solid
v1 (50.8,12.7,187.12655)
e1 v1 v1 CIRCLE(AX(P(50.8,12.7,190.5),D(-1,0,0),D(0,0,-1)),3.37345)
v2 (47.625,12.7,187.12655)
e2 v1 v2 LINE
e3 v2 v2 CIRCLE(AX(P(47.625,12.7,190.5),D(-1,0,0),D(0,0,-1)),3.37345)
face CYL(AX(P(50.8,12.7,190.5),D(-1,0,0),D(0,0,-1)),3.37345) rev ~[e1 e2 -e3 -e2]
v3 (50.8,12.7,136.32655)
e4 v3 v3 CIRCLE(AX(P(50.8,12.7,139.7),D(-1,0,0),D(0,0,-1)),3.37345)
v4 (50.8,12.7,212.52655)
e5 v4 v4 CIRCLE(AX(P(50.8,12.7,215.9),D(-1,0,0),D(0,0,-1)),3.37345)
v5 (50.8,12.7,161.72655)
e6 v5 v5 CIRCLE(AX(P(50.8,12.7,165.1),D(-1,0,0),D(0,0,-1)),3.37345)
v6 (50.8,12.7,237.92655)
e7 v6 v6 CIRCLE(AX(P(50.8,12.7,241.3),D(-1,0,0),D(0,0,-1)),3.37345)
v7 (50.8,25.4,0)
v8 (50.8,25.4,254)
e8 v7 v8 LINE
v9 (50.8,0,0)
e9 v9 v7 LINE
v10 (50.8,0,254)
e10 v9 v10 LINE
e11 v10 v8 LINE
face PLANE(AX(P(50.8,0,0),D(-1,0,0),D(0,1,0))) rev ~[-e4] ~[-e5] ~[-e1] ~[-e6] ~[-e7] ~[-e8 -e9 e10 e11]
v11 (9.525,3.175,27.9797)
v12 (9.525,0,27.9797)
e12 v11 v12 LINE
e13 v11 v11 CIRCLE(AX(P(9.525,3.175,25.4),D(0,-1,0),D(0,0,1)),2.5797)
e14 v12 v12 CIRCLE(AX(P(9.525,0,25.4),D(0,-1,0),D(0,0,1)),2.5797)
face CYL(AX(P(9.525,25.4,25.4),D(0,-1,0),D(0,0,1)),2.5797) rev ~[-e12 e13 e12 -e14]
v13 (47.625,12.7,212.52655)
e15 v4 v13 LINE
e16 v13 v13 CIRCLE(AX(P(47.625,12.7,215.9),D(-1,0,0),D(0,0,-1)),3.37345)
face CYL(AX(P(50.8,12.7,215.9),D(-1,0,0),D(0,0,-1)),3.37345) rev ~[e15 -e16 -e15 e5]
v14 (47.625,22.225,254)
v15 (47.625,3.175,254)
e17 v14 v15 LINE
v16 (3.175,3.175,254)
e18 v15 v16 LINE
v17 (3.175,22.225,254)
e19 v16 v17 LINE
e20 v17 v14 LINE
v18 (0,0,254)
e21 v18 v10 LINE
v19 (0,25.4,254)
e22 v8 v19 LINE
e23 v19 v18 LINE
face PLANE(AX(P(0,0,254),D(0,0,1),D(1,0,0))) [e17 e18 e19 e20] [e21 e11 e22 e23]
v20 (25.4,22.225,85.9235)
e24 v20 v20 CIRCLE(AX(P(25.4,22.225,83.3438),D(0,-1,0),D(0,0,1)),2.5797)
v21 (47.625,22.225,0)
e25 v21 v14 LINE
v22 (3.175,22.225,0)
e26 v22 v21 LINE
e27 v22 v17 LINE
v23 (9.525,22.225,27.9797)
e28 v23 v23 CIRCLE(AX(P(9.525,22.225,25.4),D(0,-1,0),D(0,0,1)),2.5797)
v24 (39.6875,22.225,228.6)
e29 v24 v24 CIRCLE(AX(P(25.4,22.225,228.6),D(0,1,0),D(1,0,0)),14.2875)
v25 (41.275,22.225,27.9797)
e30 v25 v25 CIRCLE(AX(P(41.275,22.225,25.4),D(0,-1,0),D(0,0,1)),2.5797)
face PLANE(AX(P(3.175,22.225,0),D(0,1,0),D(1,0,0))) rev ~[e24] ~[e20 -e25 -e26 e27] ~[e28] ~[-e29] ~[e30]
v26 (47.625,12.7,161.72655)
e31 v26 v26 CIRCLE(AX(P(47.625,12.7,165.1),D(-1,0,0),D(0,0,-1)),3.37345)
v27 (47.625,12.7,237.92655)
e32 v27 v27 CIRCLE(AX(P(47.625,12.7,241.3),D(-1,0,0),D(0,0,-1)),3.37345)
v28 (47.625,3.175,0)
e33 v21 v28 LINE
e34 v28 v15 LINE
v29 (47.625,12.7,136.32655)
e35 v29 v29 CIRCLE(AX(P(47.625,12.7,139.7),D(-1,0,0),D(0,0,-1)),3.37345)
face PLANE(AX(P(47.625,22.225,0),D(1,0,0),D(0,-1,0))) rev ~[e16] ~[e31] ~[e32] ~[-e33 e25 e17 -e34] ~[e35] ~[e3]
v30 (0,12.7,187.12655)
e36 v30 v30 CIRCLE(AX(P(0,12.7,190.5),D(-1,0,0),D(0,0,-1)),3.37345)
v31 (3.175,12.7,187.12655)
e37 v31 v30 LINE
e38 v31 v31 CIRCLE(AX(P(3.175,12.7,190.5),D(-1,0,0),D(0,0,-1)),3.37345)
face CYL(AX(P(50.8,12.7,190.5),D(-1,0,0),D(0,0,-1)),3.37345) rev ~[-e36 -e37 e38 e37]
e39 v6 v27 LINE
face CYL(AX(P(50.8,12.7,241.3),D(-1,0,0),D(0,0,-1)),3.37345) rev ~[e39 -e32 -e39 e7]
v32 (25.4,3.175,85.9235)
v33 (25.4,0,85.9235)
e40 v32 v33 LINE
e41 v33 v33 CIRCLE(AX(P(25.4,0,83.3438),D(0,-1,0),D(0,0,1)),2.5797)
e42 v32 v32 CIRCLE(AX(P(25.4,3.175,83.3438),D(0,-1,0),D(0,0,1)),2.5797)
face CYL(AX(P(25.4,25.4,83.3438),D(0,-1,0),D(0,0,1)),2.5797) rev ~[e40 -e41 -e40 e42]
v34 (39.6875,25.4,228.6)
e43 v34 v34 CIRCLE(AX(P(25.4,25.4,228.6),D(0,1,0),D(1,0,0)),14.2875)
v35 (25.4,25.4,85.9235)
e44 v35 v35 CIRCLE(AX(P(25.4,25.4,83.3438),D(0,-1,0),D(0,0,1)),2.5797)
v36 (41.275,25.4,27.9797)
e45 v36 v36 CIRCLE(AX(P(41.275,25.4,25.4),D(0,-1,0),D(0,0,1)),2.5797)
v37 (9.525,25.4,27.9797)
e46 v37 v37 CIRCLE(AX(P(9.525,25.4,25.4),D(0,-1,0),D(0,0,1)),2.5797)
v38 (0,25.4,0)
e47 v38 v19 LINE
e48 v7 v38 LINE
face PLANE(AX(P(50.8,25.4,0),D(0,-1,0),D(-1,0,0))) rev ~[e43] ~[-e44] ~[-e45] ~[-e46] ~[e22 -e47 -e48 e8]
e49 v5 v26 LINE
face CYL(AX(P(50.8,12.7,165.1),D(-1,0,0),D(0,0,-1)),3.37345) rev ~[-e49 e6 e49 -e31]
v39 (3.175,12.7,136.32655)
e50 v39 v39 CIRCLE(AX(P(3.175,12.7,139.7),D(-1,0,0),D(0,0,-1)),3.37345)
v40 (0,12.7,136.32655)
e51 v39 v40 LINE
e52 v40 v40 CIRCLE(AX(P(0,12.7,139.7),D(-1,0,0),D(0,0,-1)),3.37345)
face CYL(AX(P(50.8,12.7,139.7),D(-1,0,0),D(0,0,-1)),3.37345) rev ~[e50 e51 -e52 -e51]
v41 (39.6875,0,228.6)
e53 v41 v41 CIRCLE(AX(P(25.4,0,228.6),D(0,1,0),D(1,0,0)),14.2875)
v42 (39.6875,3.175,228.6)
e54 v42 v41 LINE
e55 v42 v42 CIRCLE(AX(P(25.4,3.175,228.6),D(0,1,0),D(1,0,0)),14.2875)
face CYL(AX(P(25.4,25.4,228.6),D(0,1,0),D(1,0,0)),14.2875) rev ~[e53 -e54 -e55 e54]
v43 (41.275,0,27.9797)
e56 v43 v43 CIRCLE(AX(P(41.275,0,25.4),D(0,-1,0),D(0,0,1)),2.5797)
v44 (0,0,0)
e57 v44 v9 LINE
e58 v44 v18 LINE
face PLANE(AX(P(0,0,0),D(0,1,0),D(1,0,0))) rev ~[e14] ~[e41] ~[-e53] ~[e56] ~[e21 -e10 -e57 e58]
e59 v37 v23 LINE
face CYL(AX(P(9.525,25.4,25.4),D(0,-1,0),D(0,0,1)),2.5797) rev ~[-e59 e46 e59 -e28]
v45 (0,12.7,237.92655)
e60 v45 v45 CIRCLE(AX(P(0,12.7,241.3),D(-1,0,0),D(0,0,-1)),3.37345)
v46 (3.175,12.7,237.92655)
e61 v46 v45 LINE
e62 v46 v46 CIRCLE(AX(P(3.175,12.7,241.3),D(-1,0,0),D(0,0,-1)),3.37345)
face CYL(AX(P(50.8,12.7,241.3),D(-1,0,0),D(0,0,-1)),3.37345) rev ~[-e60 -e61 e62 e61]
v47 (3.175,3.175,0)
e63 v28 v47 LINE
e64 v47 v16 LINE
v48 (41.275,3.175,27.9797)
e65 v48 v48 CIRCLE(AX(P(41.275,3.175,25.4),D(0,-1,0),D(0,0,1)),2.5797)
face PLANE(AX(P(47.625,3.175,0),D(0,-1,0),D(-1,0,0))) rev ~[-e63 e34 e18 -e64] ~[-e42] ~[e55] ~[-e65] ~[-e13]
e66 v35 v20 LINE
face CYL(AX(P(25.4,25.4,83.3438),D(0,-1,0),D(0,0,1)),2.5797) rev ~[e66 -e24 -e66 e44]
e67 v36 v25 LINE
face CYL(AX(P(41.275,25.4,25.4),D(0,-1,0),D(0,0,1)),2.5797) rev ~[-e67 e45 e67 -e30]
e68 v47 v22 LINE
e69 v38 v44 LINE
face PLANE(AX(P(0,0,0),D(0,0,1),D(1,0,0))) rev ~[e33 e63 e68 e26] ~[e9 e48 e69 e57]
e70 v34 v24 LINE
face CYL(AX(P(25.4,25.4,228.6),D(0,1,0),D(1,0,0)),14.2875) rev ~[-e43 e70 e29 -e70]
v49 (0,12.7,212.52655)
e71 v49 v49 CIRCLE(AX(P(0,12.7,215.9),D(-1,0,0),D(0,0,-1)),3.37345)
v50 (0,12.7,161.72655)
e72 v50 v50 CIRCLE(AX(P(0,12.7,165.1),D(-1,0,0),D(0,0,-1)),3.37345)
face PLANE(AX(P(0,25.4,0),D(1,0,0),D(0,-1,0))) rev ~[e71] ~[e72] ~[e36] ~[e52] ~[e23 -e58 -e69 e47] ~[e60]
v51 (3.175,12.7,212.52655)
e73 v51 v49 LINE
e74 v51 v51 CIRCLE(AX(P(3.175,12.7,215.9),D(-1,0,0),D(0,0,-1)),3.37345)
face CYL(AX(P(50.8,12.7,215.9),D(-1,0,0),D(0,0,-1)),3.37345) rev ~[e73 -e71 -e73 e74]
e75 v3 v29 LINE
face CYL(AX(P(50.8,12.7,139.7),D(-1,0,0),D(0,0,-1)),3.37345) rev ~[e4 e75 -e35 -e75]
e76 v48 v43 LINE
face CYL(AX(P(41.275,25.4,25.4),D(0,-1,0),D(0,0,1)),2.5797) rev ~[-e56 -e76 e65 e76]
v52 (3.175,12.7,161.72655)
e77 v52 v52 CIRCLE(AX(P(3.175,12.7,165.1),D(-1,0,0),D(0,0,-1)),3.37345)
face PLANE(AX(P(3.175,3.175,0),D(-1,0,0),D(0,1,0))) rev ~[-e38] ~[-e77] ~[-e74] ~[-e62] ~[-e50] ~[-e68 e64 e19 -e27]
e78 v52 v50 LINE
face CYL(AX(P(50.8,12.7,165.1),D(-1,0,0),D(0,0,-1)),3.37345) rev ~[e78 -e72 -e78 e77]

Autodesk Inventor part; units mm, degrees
ref_plane "YZ Plane" through (0, 0, 0) normal (1, 0, 0) x (0, 1, 0)
ref_plane "XZ Plane" through (0, 0, 0) normal (0, 1, 0) x (-1, 0, 0)
ref_plane "XY Plane" through (0, 0, 0) normal (0, 0, 1) x (1, 0, 0)
sketch "Sketch1" plane through (0, 0, 0) normal (0, 0, 1) x (1, 0, 0)
  line L0 (0, 0) -> (50.8, 0)
  line L1 (50.8, 0) -> (50.8, 25.4)
  line L2 (50.8, 25.4) -> (0, 25.4)
  line L3 (0, 25.4) -> (0, 0)
  line L4 (3.175, 22.225) -> (47.625, 22.225)
  line L5 (47.625, 22.225) -> (47.625, 3.175)
  line L6 (47.625, 3.175) -> (3.175, 3.175)
  line L7 (3.175, 3.175) -> (3.175, 22.225)
  dimension "d0" = 50.8
  dimension "d1" = 25.4
  dimension "d2" = 3.175
extrude "Extrusion1" add sketch "Sketch1" along normal blind 254
sketch "Sketch2" plane through (0, 0, 0) normal (0, -1, 0) x (1, 0, 0)
  circle A0 centre (25.4, 228.6) radius 4.7625
  line L0 (47.625, 254) -> (3.175, 254) projected
  line L1 (0, 0) -> (0, 254) projected
  dimension "d5" = 9.525
  dimension "d6" = 25.4
  dimension "d7" = 25.4
extrude "Extrusion2" cut sketch "Sketch2" against normal blind 25.4
sketch "Sketch3" plane through (0, 25.4, 0) normal (0, 1, 0) x (1, 0, 0)
  circle A0 centre (25.4, -228.6) radius 4.7625 projected
  circle A1 centre (25.4, -228.6) radius 14.2875
  point P0 (0, 0)
  dimension "d10" = 28.575
extrude "Extrusion3" cut sketch "Sketch3" against normal blind 25.4
ref_plane "Work Plane1" through (25.4, 0, 228.6) normal (0, 0, -1) x (1, 0, 0)
sketch "Sketch5" plane through (50.8, 0, 0) normal (1, 0, 0) x (0, 0, -1)
  line L0 (-254, 0) -> (-254, 25.4) projected
  line L1 (0, 0) -> (-254, 0) projected
  line L2 (0, 25.4) -> (-254, 25.4) projected
  point P0 (-215.9, 12.7)
  point P1 (-190.5, 12.7)
  point P2 (-165.1, 12.7)
  point P3 (-241.3, 12.7)
  point P4 (-139.7, 12.7)
  dimension "d21" = 38.1
  dimension "d22" = 12.7
  dimension "d23" = 25.4
  dimension "d24" = 25.4
  dimension "d25" = 12.7
  dimension "d26" = 12.7
  dimension "d57" = 25.4
  dimension "d58" = 25.4
  dimension "d59" = 12.7
  dimension "d60" = 12.7
hole "Hole1" at (50.8, 12.7, 215.9) at (50.8, 12.7, 190.5) at (50.8, 12.7, 165.1) at (50.8, 12.7, 139.7) at (50.8, 12.7, 241.3) direction (-1, 0, 0) diameter 6.7469 end through all
sketch "Sketch6" plane through (0, 25.4, 0) normal (0, 1, 0) x (1, 0, 0)
  line L0 (50.8, 0) -> (50.8, -254) projected
  line L1 (0, 0) -> (0, -254) projected
  line L2 (50.8, 0) -> (0, 0) projected
  point P0 (25.4, -83.3438)
  point P1 (41.275, -25.4)
  point P2 (9.525, -25.4)
  dimension "d42" = 83.3438
  dimension "d43" = 25.4
  dimension "d53" = 57.9438
  dimension "d54" = 57.9438
  dimension "d55" = 15.875
  dimension "d56" = 31.75
hole "Hole2" at (25.4, 25.4, 83.3438) at (41.275, 25.4, 25.4) at (9.525, 25.4, 25.4) direction (0, -1, 0) diameter 5.1594 end through all
properties part number "15102898-16-A-0201" material "Aluminum 6061"
